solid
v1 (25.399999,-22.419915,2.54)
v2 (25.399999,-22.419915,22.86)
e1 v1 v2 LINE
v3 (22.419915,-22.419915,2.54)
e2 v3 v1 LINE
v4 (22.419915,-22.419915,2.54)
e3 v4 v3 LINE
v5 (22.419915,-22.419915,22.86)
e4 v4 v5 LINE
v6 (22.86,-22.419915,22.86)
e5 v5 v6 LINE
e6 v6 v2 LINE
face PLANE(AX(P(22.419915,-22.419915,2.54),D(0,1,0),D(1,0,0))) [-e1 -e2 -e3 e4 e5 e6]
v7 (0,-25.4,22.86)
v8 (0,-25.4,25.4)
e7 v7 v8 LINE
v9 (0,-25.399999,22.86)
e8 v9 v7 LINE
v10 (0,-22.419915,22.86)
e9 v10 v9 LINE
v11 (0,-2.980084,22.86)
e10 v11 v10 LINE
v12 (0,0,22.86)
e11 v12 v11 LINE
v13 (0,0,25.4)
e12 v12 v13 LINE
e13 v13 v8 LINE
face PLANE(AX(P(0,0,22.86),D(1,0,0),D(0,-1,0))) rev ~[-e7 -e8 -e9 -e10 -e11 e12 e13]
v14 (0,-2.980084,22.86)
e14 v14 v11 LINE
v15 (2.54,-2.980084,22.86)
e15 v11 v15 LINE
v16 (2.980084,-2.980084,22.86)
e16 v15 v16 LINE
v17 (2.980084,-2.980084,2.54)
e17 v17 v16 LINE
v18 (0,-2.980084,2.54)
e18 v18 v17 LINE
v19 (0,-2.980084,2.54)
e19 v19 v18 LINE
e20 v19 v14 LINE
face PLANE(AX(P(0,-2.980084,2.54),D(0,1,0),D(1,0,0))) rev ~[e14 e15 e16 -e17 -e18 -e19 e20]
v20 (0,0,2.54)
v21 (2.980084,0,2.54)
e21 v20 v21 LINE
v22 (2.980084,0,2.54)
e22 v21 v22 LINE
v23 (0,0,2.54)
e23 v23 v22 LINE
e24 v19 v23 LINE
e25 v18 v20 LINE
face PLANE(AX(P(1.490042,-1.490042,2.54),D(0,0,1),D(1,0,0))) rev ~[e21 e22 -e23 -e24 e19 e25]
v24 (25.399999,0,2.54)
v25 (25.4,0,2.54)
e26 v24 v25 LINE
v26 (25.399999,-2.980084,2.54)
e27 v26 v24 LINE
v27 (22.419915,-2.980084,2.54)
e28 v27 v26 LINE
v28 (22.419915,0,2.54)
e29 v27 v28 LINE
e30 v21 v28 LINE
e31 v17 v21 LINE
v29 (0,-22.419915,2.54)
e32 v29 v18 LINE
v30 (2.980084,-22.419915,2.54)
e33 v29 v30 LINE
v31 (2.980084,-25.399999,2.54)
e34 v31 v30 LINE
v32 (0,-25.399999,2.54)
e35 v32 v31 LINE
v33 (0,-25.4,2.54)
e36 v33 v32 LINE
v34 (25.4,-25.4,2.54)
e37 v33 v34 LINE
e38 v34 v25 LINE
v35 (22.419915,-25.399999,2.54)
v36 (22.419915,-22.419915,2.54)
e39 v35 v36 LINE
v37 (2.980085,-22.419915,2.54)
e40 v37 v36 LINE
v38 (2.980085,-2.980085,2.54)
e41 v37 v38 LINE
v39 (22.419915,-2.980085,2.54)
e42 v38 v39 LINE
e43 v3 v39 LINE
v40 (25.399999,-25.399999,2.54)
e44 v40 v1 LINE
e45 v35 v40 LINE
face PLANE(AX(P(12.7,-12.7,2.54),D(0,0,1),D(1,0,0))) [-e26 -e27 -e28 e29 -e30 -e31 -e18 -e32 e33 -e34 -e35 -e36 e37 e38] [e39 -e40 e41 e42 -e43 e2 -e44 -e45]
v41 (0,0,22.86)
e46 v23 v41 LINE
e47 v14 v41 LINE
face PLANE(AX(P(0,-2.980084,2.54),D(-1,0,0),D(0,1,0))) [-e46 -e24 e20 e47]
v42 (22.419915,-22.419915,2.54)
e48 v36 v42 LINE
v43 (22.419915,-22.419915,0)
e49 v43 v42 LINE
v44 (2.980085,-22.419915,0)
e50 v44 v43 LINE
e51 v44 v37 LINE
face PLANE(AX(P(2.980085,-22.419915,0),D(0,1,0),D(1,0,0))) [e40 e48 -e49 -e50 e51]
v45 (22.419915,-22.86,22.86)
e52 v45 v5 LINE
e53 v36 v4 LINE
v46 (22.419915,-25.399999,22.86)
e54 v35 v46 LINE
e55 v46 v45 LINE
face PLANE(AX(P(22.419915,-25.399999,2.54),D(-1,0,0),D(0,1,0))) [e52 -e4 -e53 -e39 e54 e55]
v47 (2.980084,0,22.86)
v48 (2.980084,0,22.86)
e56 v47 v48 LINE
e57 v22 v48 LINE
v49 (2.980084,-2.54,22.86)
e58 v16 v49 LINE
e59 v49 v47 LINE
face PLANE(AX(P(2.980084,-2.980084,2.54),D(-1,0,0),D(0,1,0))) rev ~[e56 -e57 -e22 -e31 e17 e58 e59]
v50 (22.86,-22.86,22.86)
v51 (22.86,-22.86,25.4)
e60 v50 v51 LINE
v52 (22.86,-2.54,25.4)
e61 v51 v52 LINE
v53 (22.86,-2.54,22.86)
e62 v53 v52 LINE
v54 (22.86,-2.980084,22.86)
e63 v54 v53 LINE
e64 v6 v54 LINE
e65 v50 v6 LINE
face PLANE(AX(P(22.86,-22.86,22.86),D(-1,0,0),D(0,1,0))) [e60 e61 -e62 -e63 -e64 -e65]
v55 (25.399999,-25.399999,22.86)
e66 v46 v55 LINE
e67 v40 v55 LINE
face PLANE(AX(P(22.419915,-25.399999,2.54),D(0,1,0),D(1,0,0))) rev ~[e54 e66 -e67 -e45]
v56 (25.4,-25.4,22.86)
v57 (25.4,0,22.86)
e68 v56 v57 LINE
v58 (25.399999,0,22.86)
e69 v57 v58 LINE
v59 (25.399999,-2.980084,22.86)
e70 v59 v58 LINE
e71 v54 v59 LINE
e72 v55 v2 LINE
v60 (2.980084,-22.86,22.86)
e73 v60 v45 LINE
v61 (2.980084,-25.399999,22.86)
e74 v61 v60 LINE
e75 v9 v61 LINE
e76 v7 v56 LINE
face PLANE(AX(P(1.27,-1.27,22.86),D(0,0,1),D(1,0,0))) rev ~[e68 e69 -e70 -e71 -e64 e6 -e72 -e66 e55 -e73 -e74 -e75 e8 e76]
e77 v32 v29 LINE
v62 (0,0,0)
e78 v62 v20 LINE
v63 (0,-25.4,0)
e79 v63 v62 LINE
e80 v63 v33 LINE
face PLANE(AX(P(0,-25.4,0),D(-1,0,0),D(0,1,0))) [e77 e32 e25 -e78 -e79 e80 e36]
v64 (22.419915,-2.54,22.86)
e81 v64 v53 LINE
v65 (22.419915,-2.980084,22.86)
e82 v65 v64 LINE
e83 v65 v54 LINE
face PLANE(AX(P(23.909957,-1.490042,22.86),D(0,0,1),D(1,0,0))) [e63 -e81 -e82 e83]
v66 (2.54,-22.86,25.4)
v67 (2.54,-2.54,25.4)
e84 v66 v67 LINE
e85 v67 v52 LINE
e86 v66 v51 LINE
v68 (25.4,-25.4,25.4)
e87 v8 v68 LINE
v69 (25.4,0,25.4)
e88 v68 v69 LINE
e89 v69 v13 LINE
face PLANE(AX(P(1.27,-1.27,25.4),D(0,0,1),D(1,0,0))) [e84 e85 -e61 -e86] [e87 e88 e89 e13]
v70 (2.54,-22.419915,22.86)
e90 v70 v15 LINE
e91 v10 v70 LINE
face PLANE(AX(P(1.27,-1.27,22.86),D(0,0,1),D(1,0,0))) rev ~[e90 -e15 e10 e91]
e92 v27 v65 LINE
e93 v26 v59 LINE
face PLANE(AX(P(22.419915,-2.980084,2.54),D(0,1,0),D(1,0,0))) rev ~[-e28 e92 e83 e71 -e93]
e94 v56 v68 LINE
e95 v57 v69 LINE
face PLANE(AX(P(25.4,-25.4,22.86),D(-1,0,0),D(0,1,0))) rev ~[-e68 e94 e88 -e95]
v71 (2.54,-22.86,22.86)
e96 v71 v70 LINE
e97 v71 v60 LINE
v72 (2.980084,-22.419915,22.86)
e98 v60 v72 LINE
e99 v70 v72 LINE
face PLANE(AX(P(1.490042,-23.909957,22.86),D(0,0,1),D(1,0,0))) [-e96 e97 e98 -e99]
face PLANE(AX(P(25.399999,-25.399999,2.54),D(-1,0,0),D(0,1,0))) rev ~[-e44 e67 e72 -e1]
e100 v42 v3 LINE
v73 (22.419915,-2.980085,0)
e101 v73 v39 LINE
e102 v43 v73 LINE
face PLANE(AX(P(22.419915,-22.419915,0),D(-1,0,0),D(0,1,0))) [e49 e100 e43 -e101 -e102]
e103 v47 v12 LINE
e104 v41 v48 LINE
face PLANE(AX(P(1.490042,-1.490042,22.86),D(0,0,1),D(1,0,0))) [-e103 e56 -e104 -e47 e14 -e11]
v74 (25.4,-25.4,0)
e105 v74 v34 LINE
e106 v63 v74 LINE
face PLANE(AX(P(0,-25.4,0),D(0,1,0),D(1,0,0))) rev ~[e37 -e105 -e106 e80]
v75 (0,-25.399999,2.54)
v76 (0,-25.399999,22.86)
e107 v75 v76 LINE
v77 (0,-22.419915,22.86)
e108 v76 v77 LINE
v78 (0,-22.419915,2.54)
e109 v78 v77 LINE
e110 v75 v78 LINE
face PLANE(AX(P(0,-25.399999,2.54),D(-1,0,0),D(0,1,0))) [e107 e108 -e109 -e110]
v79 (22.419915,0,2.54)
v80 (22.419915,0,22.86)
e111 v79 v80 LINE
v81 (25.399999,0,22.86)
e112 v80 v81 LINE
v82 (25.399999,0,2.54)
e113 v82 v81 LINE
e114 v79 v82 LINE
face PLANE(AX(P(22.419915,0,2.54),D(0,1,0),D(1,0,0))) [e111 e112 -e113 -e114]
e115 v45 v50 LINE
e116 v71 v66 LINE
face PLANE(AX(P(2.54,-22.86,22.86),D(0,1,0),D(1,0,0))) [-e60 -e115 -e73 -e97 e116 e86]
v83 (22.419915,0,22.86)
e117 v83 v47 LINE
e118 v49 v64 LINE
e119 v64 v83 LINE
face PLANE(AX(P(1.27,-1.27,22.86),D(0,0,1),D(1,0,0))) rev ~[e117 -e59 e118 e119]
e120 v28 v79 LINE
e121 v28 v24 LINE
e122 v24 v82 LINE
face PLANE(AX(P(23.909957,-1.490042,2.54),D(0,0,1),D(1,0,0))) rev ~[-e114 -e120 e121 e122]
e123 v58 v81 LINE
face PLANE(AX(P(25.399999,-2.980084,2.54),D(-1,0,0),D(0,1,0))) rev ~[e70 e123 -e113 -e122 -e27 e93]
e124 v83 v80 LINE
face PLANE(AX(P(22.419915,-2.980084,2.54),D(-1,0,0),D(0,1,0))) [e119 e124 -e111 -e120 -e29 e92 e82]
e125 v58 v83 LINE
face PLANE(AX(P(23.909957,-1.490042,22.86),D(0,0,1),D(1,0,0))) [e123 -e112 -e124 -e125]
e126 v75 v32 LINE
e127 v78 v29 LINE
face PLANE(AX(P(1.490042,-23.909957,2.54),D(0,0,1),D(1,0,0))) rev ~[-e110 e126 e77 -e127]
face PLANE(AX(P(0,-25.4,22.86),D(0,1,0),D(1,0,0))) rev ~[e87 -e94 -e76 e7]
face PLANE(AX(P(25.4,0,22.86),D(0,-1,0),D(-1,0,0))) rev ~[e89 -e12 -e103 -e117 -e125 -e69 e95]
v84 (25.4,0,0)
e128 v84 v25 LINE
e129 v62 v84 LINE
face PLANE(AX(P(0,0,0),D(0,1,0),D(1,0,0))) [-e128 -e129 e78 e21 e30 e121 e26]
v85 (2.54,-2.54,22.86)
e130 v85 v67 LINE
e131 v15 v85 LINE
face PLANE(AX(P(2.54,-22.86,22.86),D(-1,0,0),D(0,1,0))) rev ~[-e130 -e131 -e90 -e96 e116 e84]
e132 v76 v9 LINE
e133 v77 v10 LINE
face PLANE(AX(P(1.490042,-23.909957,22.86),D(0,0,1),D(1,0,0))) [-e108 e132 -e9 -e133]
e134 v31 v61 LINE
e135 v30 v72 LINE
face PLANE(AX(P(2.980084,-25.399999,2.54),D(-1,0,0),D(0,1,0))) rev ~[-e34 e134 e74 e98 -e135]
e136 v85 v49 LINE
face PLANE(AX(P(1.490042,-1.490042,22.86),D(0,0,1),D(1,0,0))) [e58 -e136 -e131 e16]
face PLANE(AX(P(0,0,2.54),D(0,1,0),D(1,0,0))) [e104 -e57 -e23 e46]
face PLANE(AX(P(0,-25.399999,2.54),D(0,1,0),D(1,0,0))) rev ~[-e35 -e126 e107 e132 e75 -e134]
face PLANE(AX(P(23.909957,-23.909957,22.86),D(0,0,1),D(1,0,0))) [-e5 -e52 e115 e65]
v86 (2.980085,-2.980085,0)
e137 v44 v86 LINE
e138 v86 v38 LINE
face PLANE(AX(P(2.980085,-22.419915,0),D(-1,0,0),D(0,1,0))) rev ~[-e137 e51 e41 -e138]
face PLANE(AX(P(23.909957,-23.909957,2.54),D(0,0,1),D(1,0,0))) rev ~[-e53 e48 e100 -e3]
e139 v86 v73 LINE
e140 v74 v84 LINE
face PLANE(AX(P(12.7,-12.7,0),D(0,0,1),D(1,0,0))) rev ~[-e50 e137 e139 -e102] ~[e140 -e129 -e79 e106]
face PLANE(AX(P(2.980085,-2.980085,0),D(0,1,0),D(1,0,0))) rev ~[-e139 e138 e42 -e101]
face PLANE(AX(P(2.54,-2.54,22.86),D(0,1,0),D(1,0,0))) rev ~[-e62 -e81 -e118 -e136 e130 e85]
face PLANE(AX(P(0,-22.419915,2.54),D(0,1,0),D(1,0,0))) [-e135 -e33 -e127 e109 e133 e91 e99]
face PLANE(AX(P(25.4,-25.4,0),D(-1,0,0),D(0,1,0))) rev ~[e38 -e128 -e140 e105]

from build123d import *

# Parameters (mm, degrees)
F0_W     = 25.4
F0_H     = 25.4
F0_W_2   = 19.43983
F0_H_2   = 19.43983
F1_DEPTH = 2.54
F2_W     = 2.980085
F2_H     = 2.980085
F3_DEPTH = 20.32
F5_W     = 2.54
F5_H     = 2.54
F5_W_2   = 20.32
F5_H_2   = 20.32
F6_DEPTH = 2.54


with BuildPart() as f1:
    # F0 (on Top) → F1 (new body)
    with BuildSketch(Plane.XY):
        with Locations((12.7, -12.7)):
            Rectangle(F0_W, F0_H)
        with Locations((12.7, -12.7)):
            Rectangle(F0_W_2, F0_H_2, mode=Mode.SUBTRACT)
    extrude(amount=F1_DEPTH)

    # F2 (on face) → F3 (join)
    with BuildSketch(Plane.XY.offset(2.54)):
        with Locations((1.490042, -1.490042)):
            Rectangle(F2_W, F2_H)
        with Locations((23.909957, -1.490042)):
            Rectangle(F2_W, F2_H)
        with Locations((23.909957, -23.909957)):
            Rectangle(F2_W, F2_H)
        with Locations((1.490042, -23.909957)):
            Rectangle(F2_W, F2_H)
    extrude(amount=F3_DEPTH)

    # F5 (on offset) → F6 (join)
    with BuildSketch(Plane.XY.offset(22.86)):
        with Locations((1.27, -1.27)):
            Rectangle(F5_W, F5_H)
        with Locations((12.7, -1.27)):
            Rectangle(F5_W_2, F5_H)
        with Locations((1.27, -12.7)):
            Rectangle(F5_W, F5_H_2)
        with Locations((24.13, -1.27)):
            Rectangle(F5_W, F5_H)
        with Locations((1.27, -24.13)):
            Rectangle(F5_W, F5_H)
        with Locations((24.13, -12.7)):
            Rectangle(F5_W, F5_H_2)
        with Locations((12.7, -24.13)):
            Rectangle(F5_W_2, F5_H)
        with Locations((24.13, -24.13)):
            Rectangle(F5_W, F5_H)
    extrude(amount=F6_DEPTH)


solid = f1.part
